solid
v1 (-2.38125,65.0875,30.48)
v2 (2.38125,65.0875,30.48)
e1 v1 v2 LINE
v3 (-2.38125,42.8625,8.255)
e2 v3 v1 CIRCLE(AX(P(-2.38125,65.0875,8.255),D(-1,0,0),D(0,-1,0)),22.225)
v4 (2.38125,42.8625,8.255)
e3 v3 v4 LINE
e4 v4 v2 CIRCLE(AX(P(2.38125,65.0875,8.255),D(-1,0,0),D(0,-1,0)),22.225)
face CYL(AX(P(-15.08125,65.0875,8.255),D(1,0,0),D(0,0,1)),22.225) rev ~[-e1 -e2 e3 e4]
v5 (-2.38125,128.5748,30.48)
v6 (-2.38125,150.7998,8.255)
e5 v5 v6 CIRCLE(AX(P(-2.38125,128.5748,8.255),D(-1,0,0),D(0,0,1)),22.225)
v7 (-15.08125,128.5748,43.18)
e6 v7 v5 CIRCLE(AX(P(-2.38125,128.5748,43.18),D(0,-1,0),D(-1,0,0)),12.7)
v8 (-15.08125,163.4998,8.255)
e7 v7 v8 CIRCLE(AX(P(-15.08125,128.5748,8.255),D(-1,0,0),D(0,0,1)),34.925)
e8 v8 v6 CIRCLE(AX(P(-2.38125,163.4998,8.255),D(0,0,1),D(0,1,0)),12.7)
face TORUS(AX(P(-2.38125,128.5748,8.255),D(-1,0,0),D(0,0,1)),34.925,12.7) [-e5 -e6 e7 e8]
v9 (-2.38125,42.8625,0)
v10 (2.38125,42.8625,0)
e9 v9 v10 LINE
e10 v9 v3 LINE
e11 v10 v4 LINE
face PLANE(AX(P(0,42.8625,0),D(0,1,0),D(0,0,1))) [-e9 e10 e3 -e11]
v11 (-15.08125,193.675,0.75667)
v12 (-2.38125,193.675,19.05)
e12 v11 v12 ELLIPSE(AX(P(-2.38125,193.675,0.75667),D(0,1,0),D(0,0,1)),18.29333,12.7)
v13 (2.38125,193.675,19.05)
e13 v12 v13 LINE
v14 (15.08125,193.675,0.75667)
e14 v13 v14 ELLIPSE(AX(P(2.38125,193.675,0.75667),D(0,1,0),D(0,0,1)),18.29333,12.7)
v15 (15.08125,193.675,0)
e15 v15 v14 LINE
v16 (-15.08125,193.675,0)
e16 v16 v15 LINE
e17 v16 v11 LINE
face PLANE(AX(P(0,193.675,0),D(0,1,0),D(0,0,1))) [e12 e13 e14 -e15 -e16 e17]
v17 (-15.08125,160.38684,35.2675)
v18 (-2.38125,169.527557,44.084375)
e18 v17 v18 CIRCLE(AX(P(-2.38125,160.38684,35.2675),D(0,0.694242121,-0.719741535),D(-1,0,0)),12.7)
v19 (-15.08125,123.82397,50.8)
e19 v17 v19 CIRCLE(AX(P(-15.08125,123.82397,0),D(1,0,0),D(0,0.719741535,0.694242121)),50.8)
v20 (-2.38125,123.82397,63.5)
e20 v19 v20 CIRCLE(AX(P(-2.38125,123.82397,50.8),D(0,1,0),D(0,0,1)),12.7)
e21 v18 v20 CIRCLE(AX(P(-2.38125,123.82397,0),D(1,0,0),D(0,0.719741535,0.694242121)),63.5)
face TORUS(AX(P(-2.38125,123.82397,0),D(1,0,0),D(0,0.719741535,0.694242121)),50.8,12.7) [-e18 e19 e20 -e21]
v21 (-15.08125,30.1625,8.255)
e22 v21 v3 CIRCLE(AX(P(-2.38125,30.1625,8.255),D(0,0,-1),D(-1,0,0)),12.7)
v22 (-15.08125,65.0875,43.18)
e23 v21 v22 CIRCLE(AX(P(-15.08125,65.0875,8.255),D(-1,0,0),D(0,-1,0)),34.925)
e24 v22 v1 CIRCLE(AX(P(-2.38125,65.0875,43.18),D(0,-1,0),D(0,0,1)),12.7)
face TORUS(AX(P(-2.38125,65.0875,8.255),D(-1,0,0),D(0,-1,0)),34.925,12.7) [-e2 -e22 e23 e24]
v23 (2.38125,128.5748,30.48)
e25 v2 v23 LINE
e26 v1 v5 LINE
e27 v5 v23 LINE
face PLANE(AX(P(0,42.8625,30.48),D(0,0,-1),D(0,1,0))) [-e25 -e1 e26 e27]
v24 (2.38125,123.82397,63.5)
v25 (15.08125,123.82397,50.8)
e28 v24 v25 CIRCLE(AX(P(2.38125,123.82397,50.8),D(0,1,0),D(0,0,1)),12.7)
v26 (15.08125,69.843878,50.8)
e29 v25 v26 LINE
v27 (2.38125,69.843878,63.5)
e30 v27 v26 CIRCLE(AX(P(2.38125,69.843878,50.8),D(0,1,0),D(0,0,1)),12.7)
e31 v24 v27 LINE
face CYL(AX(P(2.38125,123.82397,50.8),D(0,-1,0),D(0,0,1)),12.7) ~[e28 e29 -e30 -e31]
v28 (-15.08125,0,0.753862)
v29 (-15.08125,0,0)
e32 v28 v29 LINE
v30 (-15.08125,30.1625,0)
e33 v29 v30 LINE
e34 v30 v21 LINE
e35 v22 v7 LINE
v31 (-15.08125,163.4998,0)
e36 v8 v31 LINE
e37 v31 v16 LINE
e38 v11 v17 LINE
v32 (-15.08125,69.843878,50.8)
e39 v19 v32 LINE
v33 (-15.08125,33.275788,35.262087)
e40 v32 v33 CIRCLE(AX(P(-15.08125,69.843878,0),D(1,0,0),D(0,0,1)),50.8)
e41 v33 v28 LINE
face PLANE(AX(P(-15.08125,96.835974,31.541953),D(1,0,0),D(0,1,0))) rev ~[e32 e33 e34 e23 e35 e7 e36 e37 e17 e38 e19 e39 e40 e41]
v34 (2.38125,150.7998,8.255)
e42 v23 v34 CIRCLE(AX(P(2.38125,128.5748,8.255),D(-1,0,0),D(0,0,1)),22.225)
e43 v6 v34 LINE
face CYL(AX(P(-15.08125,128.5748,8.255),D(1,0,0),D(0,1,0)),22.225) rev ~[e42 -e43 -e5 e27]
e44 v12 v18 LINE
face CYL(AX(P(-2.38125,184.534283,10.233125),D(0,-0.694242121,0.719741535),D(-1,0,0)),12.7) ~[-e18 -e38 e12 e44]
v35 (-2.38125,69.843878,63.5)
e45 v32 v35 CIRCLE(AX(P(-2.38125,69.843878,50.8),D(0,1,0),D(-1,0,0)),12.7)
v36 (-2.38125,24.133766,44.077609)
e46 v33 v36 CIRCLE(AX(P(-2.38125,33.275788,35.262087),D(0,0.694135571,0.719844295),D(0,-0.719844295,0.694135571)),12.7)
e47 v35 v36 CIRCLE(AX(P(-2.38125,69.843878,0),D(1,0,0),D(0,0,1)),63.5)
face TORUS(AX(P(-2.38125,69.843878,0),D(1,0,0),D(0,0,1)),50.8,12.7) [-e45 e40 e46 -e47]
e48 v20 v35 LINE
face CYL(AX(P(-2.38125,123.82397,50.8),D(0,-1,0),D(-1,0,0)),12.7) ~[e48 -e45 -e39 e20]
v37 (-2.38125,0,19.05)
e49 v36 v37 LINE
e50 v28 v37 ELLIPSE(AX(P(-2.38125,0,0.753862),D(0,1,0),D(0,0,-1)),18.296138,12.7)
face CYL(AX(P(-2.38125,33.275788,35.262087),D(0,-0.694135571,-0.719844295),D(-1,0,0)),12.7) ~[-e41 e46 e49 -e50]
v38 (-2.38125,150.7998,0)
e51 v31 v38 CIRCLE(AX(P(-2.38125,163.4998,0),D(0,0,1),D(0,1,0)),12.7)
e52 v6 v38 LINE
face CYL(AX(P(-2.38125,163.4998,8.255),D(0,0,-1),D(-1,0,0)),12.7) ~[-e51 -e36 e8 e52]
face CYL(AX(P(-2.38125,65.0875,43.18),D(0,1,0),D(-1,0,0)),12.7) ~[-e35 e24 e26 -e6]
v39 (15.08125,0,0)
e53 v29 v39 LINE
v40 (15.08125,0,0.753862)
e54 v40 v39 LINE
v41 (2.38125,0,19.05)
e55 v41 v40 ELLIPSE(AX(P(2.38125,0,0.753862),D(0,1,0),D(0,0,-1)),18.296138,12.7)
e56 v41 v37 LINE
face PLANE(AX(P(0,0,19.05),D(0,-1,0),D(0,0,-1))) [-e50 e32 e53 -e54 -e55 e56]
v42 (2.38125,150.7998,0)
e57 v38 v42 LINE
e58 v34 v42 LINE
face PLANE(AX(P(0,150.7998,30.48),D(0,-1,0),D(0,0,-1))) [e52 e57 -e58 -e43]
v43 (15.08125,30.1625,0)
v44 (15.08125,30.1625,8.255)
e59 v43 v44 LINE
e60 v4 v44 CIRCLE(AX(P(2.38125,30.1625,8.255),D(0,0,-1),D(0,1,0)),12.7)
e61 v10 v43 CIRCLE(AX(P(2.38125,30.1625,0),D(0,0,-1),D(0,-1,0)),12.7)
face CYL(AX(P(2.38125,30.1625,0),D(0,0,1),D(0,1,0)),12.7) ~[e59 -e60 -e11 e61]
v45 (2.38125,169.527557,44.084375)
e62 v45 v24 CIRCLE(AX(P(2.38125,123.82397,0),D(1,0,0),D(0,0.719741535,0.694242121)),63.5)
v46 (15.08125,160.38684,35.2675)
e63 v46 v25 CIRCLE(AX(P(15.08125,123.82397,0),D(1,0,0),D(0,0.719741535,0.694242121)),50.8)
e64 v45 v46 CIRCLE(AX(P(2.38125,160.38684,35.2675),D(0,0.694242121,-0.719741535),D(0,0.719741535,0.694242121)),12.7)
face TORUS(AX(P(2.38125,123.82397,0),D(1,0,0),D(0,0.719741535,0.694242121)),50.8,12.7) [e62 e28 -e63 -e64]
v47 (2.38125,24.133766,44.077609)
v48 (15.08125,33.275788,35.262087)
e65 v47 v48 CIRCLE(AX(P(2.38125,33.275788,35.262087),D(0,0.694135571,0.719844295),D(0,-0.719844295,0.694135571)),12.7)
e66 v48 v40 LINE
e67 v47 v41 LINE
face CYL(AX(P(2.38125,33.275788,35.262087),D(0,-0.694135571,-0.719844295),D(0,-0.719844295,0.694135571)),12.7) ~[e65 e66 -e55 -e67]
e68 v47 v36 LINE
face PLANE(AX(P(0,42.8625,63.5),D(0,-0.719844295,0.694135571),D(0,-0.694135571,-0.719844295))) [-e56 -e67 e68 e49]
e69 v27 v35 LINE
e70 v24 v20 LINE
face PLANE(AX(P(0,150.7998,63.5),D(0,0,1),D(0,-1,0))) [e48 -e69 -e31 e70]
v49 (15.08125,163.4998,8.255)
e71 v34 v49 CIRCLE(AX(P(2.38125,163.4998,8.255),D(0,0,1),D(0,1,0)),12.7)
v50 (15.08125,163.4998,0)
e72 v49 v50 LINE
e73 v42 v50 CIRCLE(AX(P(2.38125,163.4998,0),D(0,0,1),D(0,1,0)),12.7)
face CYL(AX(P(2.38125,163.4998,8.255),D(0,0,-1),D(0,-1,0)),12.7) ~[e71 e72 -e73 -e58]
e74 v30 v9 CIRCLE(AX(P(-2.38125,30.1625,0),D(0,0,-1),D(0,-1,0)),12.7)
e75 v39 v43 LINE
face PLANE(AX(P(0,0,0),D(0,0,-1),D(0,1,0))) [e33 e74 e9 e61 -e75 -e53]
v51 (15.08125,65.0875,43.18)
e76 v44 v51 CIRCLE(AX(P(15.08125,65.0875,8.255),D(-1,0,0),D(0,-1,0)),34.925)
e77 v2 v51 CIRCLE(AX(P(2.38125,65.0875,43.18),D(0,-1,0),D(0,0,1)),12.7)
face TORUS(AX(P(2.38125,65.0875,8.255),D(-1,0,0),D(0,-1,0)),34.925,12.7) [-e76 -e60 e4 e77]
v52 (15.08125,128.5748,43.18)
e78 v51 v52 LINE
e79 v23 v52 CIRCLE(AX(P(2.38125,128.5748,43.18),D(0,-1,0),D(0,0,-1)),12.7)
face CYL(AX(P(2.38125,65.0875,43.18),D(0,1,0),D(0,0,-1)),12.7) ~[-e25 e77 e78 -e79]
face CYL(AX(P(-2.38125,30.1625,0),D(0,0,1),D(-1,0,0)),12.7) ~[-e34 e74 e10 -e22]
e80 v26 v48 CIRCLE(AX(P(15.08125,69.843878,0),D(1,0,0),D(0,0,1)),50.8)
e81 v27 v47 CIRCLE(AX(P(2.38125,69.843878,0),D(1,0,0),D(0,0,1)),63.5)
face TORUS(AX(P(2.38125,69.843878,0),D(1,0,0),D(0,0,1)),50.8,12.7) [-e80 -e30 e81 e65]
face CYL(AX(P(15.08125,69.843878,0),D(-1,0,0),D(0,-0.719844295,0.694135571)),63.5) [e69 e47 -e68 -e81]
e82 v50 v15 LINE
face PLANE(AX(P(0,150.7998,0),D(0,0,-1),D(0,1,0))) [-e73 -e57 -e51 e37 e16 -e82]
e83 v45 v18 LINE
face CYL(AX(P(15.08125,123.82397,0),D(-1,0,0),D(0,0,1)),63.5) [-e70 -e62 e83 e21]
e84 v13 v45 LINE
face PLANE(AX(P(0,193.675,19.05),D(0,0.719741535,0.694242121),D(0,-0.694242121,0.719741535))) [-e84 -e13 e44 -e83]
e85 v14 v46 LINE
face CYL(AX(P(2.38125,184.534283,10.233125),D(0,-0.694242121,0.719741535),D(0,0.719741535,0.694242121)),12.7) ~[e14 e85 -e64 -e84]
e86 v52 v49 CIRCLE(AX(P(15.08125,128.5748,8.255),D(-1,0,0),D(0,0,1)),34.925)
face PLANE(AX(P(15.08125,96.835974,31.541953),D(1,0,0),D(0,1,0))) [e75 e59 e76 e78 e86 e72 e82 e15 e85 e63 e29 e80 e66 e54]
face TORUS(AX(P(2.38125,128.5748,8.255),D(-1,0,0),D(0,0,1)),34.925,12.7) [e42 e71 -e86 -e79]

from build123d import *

# Parameters (mm, degrees)
F1_DEPTH      = 15.08125
F1_DEPTH_BACK = 15.08125
F2_R          = 63.5
F3_R          = 22.225
F4_R          = 12.7


with BuildPart() as f1:
    # F0 (on Right) → F1 (new body, two sides)
    with BuildSketch(Plane.YZ) as f1_sk:
        Polygon((0, 19.05), (0, 0), (42.8625, 0), (42.8625, 30.48), (96.8375, 30.48), (150.7998, 30.48), (150.7998, 0), (193.675, 0), (193.675, 19.05), (150.7998, 63.5), (42.8625, 63.5), align=None)
    extrude(amount=F1_DEPTH)
    extrude(f1_sk.sketch, amount=-F1_DEPTH_BACK)

    # F2
    f2_edges = [f1.edges().sort_by_distance(p)[0] for p in [
        (0, 42.8625, 63.5),
        (0, 150.7998, 63.5),
    ]]
    fillet(f2_edges, radius=F2_R)

    # F3
    f3_edges = [f1.edges().sort_by_distance(p)[0] for p in [
        (0, 42.8625, 30.48),
        (0, 150.7998, 30.48),
    ]]
    fillet(f3_edges, radius=F3_R)

    # F4
    f4_edges = [f1.edges().sort_by_distance(p)[0] for p in [
        (15.08125, 96.83115, 30.48),
        (-15.08125, 96.83115, 30.48),
        (-15.08125, 96.833924, 63.5),
        (15.08125, 96.833924, 63.5),
    ]]
    fillet(f4_edges, radius=F4_R)


solid = f1.part
